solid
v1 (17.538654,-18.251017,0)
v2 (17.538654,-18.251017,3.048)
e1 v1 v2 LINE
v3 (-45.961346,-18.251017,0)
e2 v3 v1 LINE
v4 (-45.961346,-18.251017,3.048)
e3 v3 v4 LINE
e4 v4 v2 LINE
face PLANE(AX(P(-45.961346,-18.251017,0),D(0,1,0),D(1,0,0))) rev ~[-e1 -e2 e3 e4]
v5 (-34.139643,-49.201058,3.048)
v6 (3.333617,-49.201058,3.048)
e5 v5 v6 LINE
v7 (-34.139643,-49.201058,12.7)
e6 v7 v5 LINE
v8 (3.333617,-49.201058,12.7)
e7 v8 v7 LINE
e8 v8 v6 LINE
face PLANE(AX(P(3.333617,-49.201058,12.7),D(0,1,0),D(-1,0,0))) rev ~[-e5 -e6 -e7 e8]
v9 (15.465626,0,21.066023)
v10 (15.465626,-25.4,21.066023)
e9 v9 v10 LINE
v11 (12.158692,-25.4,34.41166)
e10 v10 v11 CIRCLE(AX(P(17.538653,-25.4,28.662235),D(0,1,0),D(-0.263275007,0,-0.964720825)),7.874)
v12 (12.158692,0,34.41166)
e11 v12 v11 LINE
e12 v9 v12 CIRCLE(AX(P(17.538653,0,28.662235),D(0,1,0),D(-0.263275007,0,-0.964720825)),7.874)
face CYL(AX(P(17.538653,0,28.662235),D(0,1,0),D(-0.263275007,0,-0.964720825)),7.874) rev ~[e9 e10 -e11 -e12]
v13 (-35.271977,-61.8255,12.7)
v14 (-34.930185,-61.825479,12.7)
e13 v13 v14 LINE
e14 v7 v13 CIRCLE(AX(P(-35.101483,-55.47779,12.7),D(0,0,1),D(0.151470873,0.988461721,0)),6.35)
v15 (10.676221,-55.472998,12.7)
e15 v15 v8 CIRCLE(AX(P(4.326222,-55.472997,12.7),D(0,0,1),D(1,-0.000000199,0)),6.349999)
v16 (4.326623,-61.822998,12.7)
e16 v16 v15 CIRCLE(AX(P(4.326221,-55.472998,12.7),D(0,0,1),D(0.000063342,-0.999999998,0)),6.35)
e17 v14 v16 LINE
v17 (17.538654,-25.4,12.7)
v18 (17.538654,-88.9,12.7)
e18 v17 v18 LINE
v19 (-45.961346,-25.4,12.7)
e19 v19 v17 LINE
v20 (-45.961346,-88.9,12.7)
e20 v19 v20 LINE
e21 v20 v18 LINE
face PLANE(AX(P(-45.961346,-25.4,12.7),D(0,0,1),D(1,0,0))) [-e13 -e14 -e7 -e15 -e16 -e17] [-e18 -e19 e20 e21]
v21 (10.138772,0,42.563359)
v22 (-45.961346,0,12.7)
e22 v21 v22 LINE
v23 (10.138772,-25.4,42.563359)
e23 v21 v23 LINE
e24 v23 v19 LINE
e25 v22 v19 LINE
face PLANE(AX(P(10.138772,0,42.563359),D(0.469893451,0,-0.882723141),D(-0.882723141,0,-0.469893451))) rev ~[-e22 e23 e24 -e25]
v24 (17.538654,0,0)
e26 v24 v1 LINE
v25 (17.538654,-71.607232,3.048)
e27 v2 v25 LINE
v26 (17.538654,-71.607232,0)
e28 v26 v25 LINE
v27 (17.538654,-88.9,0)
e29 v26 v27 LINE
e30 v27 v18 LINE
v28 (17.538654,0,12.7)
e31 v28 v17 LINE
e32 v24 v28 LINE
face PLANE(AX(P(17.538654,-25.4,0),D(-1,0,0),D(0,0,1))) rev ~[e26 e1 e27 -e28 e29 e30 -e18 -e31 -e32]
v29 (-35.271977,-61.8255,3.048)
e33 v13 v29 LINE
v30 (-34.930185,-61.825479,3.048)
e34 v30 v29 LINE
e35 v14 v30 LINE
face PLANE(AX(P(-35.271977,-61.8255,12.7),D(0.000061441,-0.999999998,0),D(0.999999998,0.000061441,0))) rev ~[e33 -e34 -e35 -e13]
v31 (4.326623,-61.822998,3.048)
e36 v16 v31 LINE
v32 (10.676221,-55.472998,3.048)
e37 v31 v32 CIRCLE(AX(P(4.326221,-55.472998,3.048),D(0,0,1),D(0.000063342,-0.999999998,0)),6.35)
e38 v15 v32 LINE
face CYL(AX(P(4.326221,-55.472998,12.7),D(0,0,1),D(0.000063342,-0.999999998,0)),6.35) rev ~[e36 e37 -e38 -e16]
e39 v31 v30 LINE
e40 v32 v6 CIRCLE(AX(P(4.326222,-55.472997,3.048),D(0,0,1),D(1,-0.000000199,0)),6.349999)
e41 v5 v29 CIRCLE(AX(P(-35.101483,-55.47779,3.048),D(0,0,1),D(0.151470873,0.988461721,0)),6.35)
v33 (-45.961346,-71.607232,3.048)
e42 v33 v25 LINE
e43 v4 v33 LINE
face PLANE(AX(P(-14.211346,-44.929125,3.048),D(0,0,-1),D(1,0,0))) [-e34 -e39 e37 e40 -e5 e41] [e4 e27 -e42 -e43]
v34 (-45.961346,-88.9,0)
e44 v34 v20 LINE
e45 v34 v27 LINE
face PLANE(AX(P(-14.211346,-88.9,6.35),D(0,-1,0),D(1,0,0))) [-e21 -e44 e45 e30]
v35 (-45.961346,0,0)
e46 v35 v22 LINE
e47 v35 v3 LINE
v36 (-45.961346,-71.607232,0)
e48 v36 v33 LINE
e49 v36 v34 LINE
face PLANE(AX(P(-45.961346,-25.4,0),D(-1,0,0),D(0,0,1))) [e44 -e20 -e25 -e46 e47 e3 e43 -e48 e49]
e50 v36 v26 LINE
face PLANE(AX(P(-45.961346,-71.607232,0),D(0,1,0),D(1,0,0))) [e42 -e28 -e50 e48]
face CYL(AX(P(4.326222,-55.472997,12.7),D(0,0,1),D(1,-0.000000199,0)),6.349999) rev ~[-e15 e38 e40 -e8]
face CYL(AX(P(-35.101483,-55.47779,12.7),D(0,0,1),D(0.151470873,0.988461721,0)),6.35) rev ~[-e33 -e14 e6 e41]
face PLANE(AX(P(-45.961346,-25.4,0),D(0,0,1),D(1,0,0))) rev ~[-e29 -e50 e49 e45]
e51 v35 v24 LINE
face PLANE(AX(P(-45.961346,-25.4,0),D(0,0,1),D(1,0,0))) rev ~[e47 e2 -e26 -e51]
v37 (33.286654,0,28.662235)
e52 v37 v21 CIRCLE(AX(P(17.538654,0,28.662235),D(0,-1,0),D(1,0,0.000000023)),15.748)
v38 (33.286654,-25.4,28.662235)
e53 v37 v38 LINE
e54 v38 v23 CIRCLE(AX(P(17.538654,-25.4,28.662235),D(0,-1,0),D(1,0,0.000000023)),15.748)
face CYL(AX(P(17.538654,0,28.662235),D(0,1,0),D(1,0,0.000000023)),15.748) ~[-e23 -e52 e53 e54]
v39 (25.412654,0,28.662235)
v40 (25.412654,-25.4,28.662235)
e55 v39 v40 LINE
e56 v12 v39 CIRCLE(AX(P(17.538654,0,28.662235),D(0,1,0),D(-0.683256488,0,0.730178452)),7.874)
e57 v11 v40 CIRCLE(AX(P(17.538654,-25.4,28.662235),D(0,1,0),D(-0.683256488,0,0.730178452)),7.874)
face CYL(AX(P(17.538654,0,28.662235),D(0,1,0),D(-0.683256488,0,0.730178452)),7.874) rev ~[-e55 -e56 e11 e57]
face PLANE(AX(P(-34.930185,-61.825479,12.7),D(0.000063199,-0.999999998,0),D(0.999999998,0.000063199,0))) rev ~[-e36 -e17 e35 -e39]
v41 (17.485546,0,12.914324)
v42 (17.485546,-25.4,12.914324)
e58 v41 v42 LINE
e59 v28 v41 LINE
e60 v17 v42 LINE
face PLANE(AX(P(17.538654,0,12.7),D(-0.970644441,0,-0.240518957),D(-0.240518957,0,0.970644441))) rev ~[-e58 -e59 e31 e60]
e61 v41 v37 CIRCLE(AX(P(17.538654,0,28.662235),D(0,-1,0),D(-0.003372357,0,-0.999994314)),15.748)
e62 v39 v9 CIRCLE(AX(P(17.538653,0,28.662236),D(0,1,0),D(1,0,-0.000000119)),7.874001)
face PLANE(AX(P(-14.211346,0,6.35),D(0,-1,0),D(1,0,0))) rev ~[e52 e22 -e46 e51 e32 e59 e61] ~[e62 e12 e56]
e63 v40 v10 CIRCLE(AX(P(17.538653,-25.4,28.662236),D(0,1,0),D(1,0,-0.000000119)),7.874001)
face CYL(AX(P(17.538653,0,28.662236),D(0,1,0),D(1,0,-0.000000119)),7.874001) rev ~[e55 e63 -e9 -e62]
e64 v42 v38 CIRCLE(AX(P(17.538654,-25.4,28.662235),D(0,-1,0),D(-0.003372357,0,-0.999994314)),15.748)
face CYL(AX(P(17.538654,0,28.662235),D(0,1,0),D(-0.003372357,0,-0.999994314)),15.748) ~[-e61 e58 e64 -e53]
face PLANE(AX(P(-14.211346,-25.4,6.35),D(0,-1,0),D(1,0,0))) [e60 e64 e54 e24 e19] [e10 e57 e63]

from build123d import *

# Parameters (mm, degrees)
F0_W     = 63.5
F0_H     = 12.7
F1_DEPTH = 25.4
F2_W     = 63.5
F2_H     = 12.7
F3_DEPTH = 63.5
F4_W     = 63.5
F4_H     = 53.356215
F5_DEPTH = 3.048
F7_DEPTH = 25.4


with BuildPart() as f1:
    # F0 (on Front) → F1 (new body)
    with BuildSketch(Plane.XZ):
        with Locations((-14.211346, 6.35)):
            Rectangle(F0_W, F0_H)
        with BuildLine():
            Line((10.138772, 42.563359), (-45.961346, 12.7))
            Line((-45.961346, 12.7), (17.538654, 12.7))
            Line((17.538654, 12.7), (17.485546, 12.914324))
            ThreePointArc((17.485546, 12.914324), (2.252939, 24.874567), (10.138772, 42.563359))
        make_face()
        with BuildLine():
            Line((12.158692, 34.41166), (10.138772, 42.563359))
            ThreePointArc((10.138772, 42.563359), (2.252939, 24.874567), (17.485546, 12.914324))
            Line((17.485546, 12.914324), (15.465626, 21.066023))
            ThreePointArc((15.465626, 21.066023), (9.895796, 26.768401), (12.158692, 34.41166))
        make_face()
        with BuildLine():
            ThreePointArc((33.286654, 28.662235), (25.646248, 42.162843), (10.138772, 42.563359))
            Line((10.138772, 42.563359), (12.158692, 34.41166))
            ThreePointArc((12.158692, 34.41166), (20.672187, 35.885866), (25.412654, 28.662235))
            ThreePointArc((25.412654, 28.662235), (22.31761, 22.404324), (15.465626, 21.066023))
            Line((15.465626, 21.066023), (17.485546, 12.914324))
            ThreePointArc((17.485546, 12.914324), (28.655379, 17.507956), (33.286654, 28.662235))
        make_face()
    extrude(amount=F1_DEPTH)

    # F2 (on face) → F3 (join)
    with BuildSketch(Plane.XZ.offset(25.4)):
        with Locations((-14.211346, 6.35)):
            Rectangle(F2_W, F2_H)
    extrude(amount=F3_DEPTH)

    # F4 (on face) → F5 (cut)
    with BuildSketch(Plane(origin=(0, 0, 0), x_dir=(1, 0, 0), z_dir=(0, 0, -1))):
        with Locations((-14.211346, 44.929125)):
            Rectangle(F4_W, F4_H)
    extrude(amount=-F5_DEPTH, mode=Mode.SUBTRACT)

    # F6 (on face) → F7 (cut)
    with BuildSketch(Plane.XY.offset(12.7)):
        with BuildLine():
            ThreePointArc((-34.139643, -49.201058), (-30.283279, -51.341679), (-28.751483, -55.47779))
            ThreePointArc((-28.751483, -55.47779), (-30.551195, -59.906941), (-34.930185, -61.825479))
            Line((-34.930185, -61.825479), (4.326623, -61.822998))
            ThreePointArc((4.326623, -61.822998), (-2.004218, -55.971033), (3.333617, -49.201058))
            Line((3.333617, -49.201058), (-34.139643, -49.201058))
        make_face()
        with BuildLine():
            ThreePointArc((-34.930185, -61.825479), (-30.551195, -59.906941), (-28.751483, -55.47779))
            ThreePointArc((-28.751483, -55.47779), (-30.283279, -51.341679), (-34.139643, -49.201058))
            ThreePointArc((-34.139643, -49.201058), (-41.426093, -54.910512), (-35.271977, -61.8255))
            Line((-35.271977, -61.8255), (-34.930185, -61.825479))
        make_face()
        with BuildLine():
            ThreePointArc((10.676221, -55.472998), (8.450507, -50.644668), (3.333617, -49.201058))
            ThreePointArc((3.333617, -49.201058), (-2.004218, -55.971033), (4.326623, -61.822998))
            ThreePointArc((4.326623, -61.822998), (8.816491, -59.962984), (10.676221, -55.472998))
        make_face()
    extrude(amount=-F7_DEPTH, mode=Mode.SUBTRACT)


solid = f1.part
